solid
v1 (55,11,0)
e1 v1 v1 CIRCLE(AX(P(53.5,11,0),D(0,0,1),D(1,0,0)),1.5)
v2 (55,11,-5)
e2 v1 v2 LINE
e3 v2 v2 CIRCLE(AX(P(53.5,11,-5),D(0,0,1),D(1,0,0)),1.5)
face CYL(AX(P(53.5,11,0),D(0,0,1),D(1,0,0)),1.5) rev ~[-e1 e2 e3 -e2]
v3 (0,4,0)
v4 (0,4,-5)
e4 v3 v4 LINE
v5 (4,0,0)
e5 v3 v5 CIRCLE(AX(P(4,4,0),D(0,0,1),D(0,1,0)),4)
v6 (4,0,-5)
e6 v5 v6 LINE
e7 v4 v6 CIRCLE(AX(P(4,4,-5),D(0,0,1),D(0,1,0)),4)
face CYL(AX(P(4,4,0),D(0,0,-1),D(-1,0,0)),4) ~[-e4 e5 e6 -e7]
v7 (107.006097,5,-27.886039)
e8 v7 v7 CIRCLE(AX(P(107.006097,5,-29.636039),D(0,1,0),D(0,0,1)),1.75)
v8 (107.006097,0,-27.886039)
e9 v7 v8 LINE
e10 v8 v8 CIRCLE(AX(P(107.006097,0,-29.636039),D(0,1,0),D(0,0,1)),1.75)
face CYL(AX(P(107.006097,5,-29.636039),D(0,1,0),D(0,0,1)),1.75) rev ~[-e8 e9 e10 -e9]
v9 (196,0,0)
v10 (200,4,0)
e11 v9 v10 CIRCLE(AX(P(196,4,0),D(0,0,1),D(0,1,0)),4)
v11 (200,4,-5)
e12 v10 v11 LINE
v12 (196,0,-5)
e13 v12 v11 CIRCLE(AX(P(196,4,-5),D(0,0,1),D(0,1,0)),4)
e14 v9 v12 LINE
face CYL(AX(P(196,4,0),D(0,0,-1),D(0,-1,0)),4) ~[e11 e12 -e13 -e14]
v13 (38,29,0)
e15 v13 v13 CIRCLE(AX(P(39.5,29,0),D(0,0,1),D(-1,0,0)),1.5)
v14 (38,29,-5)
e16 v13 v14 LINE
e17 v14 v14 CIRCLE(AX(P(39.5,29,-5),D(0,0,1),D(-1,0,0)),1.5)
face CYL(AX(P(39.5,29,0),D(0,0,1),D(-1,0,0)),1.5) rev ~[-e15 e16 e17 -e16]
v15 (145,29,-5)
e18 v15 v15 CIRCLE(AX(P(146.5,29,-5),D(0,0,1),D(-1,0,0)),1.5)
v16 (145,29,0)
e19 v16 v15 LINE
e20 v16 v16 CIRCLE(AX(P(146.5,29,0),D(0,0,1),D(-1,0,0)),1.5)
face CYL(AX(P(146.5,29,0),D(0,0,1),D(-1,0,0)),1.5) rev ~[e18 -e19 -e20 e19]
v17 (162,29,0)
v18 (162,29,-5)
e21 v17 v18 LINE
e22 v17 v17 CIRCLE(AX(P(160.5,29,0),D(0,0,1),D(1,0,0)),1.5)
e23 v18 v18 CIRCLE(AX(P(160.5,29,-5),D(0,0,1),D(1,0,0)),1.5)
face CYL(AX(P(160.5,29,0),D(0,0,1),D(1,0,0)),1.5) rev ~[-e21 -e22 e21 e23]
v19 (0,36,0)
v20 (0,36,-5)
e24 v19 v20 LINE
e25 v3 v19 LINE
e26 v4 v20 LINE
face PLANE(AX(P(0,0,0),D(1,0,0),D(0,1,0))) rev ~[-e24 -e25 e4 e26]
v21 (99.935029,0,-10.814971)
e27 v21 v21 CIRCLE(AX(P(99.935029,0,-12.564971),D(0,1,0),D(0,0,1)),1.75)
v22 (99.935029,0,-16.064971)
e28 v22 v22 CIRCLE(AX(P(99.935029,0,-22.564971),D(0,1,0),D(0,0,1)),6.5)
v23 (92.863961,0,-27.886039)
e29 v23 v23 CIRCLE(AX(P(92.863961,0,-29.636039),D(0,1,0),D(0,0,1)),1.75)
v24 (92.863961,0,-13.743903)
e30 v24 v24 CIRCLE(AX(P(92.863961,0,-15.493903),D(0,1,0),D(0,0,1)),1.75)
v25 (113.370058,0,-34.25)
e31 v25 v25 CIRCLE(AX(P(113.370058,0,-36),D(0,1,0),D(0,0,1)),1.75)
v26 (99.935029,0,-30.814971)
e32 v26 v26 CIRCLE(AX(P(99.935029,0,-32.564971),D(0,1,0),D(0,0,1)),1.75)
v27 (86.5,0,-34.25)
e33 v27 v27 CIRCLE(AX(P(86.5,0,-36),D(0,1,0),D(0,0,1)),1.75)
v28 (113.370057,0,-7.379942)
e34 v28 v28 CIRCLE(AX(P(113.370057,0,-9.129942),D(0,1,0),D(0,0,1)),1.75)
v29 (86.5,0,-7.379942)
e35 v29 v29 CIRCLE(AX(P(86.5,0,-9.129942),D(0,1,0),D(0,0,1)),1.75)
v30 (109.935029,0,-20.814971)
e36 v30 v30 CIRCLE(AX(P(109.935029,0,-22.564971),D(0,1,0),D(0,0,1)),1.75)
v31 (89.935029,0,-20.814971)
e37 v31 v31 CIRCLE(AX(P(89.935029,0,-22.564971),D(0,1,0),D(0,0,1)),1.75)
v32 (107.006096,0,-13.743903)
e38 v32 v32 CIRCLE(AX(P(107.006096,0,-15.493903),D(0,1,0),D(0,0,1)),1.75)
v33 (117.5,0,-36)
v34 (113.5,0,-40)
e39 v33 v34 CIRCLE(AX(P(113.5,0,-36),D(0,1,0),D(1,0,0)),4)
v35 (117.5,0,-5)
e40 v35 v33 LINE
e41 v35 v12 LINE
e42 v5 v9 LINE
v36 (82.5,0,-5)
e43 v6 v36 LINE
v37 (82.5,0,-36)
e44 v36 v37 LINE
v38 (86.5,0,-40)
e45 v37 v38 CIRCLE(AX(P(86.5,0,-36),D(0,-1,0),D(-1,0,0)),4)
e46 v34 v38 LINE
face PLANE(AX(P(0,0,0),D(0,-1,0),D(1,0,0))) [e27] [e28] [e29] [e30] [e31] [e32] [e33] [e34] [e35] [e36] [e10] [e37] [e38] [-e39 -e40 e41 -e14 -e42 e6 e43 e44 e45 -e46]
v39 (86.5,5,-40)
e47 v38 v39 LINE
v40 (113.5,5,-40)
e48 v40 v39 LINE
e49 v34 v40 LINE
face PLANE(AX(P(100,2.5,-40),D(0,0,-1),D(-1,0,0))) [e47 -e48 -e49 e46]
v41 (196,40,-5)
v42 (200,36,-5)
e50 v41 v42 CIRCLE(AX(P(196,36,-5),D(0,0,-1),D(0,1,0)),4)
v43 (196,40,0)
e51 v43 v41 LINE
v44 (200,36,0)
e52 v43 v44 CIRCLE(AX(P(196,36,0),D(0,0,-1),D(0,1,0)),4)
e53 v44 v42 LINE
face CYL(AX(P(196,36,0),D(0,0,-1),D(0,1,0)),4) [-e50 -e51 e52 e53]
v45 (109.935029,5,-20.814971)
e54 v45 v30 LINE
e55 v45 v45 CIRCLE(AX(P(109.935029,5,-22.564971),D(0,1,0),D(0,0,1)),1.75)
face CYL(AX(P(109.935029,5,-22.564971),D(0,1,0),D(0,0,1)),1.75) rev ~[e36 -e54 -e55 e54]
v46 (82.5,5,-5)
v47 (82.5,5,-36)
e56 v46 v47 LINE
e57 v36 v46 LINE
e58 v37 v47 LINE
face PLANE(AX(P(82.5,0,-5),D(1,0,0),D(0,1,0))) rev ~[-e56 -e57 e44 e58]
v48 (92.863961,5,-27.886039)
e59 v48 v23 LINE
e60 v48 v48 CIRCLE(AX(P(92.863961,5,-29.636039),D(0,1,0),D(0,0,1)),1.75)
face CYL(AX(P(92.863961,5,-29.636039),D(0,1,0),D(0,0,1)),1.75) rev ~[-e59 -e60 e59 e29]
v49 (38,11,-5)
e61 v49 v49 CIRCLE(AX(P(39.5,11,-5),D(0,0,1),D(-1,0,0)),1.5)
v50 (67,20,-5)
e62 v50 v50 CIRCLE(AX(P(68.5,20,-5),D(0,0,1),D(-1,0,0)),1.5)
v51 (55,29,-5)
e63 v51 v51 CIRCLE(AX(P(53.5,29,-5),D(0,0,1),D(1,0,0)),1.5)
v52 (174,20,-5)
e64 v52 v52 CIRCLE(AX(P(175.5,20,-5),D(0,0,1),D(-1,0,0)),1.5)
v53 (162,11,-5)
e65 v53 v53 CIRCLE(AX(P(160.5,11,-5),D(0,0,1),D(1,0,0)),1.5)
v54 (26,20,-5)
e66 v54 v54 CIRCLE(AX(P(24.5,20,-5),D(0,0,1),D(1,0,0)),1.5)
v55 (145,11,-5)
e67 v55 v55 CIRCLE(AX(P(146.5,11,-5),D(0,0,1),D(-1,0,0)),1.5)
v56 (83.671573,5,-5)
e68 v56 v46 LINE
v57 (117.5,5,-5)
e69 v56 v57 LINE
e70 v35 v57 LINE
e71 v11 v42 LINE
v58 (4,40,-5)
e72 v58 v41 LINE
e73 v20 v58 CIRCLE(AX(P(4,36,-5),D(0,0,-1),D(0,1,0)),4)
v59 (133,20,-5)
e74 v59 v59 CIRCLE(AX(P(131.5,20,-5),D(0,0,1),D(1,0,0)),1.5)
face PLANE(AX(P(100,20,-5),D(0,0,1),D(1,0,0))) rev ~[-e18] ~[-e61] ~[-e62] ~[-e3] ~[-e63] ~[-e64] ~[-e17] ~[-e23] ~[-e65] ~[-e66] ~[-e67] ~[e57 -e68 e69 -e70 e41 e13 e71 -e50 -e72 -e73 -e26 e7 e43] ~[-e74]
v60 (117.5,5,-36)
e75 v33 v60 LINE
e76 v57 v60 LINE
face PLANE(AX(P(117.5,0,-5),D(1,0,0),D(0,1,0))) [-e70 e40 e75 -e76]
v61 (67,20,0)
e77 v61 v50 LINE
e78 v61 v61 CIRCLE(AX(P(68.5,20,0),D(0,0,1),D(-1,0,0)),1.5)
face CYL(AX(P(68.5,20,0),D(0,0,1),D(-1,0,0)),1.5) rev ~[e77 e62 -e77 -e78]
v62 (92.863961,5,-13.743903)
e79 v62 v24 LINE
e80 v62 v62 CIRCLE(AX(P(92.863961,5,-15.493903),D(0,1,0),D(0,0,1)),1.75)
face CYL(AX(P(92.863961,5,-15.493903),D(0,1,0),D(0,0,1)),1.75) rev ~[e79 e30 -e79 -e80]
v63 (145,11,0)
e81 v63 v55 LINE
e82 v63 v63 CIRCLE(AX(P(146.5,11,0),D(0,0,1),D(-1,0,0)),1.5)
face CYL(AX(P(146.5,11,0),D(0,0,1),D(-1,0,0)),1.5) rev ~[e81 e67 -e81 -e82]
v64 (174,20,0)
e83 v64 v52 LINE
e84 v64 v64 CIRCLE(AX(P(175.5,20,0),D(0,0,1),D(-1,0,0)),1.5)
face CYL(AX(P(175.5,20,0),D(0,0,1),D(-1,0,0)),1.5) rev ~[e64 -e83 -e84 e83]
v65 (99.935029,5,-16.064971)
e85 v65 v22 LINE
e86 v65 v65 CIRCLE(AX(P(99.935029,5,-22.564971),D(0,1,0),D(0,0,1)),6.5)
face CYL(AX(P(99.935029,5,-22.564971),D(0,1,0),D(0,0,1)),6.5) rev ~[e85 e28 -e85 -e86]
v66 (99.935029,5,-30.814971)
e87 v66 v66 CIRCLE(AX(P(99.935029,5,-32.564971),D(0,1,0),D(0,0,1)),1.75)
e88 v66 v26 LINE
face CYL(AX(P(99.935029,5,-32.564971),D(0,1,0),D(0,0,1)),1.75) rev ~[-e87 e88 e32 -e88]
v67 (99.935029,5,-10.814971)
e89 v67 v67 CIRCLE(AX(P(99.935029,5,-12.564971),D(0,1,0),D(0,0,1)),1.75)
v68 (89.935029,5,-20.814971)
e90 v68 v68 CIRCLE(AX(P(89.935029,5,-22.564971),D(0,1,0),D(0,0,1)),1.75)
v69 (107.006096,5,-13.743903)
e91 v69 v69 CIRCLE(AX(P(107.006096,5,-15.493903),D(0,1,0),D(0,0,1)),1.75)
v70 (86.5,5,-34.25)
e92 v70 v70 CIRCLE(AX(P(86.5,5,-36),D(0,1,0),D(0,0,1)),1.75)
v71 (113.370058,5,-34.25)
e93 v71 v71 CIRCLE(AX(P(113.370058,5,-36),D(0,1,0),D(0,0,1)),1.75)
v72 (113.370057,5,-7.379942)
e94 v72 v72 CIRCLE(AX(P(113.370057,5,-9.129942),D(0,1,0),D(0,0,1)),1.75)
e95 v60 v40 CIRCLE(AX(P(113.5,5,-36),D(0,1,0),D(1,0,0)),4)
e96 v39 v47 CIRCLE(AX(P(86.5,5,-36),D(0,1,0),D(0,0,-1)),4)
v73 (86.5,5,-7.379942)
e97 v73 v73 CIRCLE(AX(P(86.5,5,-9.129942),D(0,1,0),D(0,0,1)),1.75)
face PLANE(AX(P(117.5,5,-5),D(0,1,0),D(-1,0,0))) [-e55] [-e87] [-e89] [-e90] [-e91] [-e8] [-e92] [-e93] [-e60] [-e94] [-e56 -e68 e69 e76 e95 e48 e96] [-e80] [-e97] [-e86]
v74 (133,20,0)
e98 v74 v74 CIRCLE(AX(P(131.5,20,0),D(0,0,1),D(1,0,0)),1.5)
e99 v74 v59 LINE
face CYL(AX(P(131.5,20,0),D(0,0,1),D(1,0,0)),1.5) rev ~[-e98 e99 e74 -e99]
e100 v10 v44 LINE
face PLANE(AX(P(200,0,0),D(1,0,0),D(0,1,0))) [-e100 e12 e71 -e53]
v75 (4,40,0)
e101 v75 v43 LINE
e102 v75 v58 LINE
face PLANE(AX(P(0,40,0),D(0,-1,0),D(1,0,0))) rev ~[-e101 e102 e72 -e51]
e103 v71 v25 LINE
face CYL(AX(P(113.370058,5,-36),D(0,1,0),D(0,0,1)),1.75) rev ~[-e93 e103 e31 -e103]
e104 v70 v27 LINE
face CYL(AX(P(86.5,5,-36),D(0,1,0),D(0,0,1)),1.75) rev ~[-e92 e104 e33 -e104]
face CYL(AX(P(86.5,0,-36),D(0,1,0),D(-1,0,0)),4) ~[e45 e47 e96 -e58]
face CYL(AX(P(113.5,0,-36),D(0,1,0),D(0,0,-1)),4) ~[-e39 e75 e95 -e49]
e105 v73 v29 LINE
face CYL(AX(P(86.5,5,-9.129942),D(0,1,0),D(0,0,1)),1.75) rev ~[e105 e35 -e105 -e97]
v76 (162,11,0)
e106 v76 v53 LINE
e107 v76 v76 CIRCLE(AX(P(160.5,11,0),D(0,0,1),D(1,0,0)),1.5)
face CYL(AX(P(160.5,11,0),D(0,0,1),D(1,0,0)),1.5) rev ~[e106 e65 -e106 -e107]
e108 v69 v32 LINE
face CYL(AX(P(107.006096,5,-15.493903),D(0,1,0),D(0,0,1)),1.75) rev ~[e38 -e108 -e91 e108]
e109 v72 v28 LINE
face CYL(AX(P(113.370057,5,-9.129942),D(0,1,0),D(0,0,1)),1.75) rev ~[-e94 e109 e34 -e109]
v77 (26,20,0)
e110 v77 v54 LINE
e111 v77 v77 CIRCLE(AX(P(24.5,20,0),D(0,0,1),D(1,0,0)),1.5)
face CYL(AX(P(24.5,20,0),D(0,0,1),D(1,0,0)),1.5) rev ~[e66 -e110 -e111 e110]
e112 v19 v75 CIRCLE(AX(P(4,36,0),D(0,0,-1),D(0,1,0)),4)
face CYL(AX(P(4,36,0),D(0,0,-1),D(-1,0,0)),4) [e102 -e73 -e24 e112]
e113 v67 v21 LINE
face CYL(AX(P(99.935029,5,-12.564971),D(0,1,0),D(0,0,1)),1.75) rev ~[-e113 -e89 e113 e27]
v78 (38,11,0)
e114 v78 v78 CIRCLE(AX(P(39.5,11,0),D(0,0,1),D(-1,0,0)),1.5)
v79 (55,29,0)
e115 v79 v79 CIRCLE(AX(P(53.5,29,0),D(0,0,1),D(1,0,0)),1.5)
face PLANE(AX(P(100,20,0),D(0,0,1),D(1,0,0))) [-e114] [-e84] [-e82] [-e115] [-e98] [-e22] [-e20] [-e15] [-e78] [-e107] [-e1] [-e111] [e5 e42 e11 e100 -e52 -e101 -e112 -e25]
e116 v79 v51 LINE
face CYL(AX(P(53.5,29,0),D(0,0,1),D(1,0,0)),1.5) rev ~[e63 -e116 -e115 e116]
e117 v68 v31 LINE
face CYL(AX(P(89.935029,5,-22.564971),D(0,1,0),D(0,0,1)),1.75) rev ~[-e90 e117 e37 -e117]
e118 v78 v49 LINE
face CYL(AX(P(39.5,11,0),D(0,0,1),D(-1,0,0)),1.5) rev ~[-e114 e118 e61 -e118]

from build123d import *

# Parameters (mm, degrees)
ESQUISSE1_W             = 200
ESQUISSE1_H             = 40
BOSS_EXTRU_1_DEPTH      = 5
ESQUISSE5_W             = 35
ESQUISSE5_H             = 5
BOSS_EXTRU_3_DEPTH      = 35
ESQUISSE6_R             = 2.5
ENL_V_MAT_EXTRU_2_DEPTH = 35
ESQUISSE9_R             = 1.5
ENL_V_MAT_EXTRU_3_DEPTH = 35
CONG_2_R                = 4
ESQUISSE11_W            = 32.65685425
ESQUISSE11_H            = 33.828427125
BOSS_EXTRU_4_DEPTH      = 5
ESQUISSE14_R            = 6.5
ESQUISSE14_R_2          = 1.75
ESQUISSE14_R_3          = 1.749999999
ENL_V_MAT_EXTRU_4_DEPTH = 5


with BuildPart() as part:
    # Esquisse1 → Boss.-Extru.1 (new body)
    with BuildSketch(Plane.XY):
        with Locations((100, 20)):
            Rectangle(ESQUISSE1_W, ESQUISSE1_H)
    extrude(amount=-BOSS_EXTRU_1_DEPTH)

    # Esquisse5 → Boss.-Extru.3 (add)
    with BuildSketch(Plane(origin=(0, 0, -5), x_dir=(-1, 0, 0), z_dir=(0, 0, -1))):
        with Locations((-100, 2.5)):
            Rectangle(ESQUISSE5_W, ESQUISSE5_H)
    extrude(amount=BOSS_EXTRU_3_DEPTH)

    # Esquisse6 → Enlèv. mat.-Extru.2 (cut)
    with BuildSketch(Plane(origin=(0, 5, 0), x_dir=(1, 0, 0), z_dir=(0, 1, 0))):
        with Locations(Location((86.567832378, 36.000002876, 0), (0, 0, 270))):
            Circle(ESQUISSE6_R)
        with Locations(Location((113.567832366, 36.000575195, 0), (0, 0, 270))):
            Circle(ESQUISSE6_R)
        with Locations(Location((113.567832366, 9.000575195, 0), (0, 0, 270))):
            Circle(ESQUISSE6_R)
        with Locations(Location((86.5, 9.000575195, 0), (0, 0, 270))):
            Circle(ESQUISSE6_R)
    extrude(amount=-ENL_V_MAT_EXTRU_2_DEPTH, mode=Mode.SUBTRACT)

    # Esquisse9 → Enlèv. mat.-Extru.3 (cut)
    with BuildSketch(Plane.XY):
        with Locations((160.5, 11)):
            Circle(ESQUISSE9_R)
        with Locations((160.5, 29)):
            Circle(ESQUISSE9_R)
        with Locations((131.5, 20)):
            Circle(ESQUISSE9_R)
        with Locations(Location((68.5, 20, 0), (0, 0, 180))):
            Circle(ESQUISSE9_R)
        with Locations(Location((39.5, 29, 0), (0, 0, 180))):
            Circle(ESQUISSE9_R)
        with Locations(Location((39.5, 11, 0), (0, 0, 180))):
            Circle(ESQUISSE9_R)
        with Locations((24.5, 20)):
            Circle(ESQUISSE9_R)
        with Locations((53.5, 11)):
            Circle(ESQUISSE9_R)
        with Locations((53.5, 29)):
            Circle(ESQUISSE9_R)
        with Locations(Location((175.5, 20, 0), (0, 0, 180))):
            Circle(ESQUISSE9_R)
        with Locations(Location((146.5, 11, 0), (0, 0, 180))):
            Circle(ESQUISSE9_R)
        with Locations(Location((146.5, 29, 0), (0, 0, 180))):
            Circle(ESQUISSE9_R)
    extrude(amount=-ENL_V_MAT_EXTRU_3_DEPTH, mode=Mode.SUBTRACT)

    # Congé2
    cong_2_edges = [part.edges().sort_by_distance(p)[0] for p in [
        (117.5, 2.5, -40),
        (82.5, 2.5, -40),
        (0, 40, -2.5),
        (200, 40, -2.5),
        (200, 0, -2.5),
        (0, 0, -2.5),
    ]]
    fillet(cong_2_edges, radius=CONG_2_R)

    # Esquisse11 → Boss.-Extru.4 (add)
    with BuildSketch(Plane(origin=(0, 5, 0), x_dir=(1, 0, 0), z_dir=(0, 1, 0))):
        with Locations((100, 21.914213563)):
            Rectangle(ESQUISSE11_W, ESQUISSE11_H)
    extrude(amount=-BOSS_EXTRU_4_DEPTH)

    # Esquisse14 → Enlèv. mat.-Extru.4 (cut)
    with BuildSketch(Plane(origin=(0, 5, 0), x_dir=(1, 0, 0), z_dir=(0, 1, 0))):
        with Locations(Location((99.935028631, 22.564970946, 0), (0, 0, 270))):
            Circle(ESQUISSE14_R)
        with Locations(Location((99.935028631, 32.564970946, 0), (0, 0, 270))):
            Circle(ESQUISSE14_R_2)
        with Locations(Location((107.006096654, 29.636038546, 0), (0, 0, 270))):
            Circle(ESQUISSE14_R_2)
        with Locations(Location((109.935028631, 22.564970946, 0), (0, 0, 270))):
            Circle(ESQUISSE14_R_2)
        with Locations(Location((107.006096443, 15.493903134, 0), (0, 0, 270))):
            Circle(ESQUISSE14_R_2)
        with Locations(Location((99.935028631, 12.564970946, 0), (0, 0, 270))):
            Circle(ESQUISSE14_R_2)
        with Locations(Location((92.863960819, 15.493903134, 0), (0, 0, 270))):
            Circle(ESQUISSE14_R_2)
        with Locations(Location((89.935028631, 22.564970946, 0), (0, 0, 270))):
            Circle(ESQUISSE14_R_2)
        with Locations(Location((92.863961011, 29.636038989, 0), (0, 0, 270))):
            Circle(ESQUISSE14_R_3)
        with Locations(Location((113.370057685, 35.999999577, 0), (0, 0, 270))):
            Circle(ESQUISSE14_R_2)
        with Locations(Location((113.370057473, 9.129942103, 0), (0, 0, 270))):
            Circle(ESQUISSE14_R_2)
        with Locations(Location((86.5, 36, 0), (0, 0, 270))):
            Circle(ESQUISSE14_R_2)
        with Locations(Location((86.499999788, 9.129942103, 0), (0, 0, 270))):
            Circle(ESQUISSE14_R_2)
    extrude(amount=-ENL_V_MAT_EXTRU_4_DEPTH, mode=Mode.SUBTRACT)


solid = part.part
